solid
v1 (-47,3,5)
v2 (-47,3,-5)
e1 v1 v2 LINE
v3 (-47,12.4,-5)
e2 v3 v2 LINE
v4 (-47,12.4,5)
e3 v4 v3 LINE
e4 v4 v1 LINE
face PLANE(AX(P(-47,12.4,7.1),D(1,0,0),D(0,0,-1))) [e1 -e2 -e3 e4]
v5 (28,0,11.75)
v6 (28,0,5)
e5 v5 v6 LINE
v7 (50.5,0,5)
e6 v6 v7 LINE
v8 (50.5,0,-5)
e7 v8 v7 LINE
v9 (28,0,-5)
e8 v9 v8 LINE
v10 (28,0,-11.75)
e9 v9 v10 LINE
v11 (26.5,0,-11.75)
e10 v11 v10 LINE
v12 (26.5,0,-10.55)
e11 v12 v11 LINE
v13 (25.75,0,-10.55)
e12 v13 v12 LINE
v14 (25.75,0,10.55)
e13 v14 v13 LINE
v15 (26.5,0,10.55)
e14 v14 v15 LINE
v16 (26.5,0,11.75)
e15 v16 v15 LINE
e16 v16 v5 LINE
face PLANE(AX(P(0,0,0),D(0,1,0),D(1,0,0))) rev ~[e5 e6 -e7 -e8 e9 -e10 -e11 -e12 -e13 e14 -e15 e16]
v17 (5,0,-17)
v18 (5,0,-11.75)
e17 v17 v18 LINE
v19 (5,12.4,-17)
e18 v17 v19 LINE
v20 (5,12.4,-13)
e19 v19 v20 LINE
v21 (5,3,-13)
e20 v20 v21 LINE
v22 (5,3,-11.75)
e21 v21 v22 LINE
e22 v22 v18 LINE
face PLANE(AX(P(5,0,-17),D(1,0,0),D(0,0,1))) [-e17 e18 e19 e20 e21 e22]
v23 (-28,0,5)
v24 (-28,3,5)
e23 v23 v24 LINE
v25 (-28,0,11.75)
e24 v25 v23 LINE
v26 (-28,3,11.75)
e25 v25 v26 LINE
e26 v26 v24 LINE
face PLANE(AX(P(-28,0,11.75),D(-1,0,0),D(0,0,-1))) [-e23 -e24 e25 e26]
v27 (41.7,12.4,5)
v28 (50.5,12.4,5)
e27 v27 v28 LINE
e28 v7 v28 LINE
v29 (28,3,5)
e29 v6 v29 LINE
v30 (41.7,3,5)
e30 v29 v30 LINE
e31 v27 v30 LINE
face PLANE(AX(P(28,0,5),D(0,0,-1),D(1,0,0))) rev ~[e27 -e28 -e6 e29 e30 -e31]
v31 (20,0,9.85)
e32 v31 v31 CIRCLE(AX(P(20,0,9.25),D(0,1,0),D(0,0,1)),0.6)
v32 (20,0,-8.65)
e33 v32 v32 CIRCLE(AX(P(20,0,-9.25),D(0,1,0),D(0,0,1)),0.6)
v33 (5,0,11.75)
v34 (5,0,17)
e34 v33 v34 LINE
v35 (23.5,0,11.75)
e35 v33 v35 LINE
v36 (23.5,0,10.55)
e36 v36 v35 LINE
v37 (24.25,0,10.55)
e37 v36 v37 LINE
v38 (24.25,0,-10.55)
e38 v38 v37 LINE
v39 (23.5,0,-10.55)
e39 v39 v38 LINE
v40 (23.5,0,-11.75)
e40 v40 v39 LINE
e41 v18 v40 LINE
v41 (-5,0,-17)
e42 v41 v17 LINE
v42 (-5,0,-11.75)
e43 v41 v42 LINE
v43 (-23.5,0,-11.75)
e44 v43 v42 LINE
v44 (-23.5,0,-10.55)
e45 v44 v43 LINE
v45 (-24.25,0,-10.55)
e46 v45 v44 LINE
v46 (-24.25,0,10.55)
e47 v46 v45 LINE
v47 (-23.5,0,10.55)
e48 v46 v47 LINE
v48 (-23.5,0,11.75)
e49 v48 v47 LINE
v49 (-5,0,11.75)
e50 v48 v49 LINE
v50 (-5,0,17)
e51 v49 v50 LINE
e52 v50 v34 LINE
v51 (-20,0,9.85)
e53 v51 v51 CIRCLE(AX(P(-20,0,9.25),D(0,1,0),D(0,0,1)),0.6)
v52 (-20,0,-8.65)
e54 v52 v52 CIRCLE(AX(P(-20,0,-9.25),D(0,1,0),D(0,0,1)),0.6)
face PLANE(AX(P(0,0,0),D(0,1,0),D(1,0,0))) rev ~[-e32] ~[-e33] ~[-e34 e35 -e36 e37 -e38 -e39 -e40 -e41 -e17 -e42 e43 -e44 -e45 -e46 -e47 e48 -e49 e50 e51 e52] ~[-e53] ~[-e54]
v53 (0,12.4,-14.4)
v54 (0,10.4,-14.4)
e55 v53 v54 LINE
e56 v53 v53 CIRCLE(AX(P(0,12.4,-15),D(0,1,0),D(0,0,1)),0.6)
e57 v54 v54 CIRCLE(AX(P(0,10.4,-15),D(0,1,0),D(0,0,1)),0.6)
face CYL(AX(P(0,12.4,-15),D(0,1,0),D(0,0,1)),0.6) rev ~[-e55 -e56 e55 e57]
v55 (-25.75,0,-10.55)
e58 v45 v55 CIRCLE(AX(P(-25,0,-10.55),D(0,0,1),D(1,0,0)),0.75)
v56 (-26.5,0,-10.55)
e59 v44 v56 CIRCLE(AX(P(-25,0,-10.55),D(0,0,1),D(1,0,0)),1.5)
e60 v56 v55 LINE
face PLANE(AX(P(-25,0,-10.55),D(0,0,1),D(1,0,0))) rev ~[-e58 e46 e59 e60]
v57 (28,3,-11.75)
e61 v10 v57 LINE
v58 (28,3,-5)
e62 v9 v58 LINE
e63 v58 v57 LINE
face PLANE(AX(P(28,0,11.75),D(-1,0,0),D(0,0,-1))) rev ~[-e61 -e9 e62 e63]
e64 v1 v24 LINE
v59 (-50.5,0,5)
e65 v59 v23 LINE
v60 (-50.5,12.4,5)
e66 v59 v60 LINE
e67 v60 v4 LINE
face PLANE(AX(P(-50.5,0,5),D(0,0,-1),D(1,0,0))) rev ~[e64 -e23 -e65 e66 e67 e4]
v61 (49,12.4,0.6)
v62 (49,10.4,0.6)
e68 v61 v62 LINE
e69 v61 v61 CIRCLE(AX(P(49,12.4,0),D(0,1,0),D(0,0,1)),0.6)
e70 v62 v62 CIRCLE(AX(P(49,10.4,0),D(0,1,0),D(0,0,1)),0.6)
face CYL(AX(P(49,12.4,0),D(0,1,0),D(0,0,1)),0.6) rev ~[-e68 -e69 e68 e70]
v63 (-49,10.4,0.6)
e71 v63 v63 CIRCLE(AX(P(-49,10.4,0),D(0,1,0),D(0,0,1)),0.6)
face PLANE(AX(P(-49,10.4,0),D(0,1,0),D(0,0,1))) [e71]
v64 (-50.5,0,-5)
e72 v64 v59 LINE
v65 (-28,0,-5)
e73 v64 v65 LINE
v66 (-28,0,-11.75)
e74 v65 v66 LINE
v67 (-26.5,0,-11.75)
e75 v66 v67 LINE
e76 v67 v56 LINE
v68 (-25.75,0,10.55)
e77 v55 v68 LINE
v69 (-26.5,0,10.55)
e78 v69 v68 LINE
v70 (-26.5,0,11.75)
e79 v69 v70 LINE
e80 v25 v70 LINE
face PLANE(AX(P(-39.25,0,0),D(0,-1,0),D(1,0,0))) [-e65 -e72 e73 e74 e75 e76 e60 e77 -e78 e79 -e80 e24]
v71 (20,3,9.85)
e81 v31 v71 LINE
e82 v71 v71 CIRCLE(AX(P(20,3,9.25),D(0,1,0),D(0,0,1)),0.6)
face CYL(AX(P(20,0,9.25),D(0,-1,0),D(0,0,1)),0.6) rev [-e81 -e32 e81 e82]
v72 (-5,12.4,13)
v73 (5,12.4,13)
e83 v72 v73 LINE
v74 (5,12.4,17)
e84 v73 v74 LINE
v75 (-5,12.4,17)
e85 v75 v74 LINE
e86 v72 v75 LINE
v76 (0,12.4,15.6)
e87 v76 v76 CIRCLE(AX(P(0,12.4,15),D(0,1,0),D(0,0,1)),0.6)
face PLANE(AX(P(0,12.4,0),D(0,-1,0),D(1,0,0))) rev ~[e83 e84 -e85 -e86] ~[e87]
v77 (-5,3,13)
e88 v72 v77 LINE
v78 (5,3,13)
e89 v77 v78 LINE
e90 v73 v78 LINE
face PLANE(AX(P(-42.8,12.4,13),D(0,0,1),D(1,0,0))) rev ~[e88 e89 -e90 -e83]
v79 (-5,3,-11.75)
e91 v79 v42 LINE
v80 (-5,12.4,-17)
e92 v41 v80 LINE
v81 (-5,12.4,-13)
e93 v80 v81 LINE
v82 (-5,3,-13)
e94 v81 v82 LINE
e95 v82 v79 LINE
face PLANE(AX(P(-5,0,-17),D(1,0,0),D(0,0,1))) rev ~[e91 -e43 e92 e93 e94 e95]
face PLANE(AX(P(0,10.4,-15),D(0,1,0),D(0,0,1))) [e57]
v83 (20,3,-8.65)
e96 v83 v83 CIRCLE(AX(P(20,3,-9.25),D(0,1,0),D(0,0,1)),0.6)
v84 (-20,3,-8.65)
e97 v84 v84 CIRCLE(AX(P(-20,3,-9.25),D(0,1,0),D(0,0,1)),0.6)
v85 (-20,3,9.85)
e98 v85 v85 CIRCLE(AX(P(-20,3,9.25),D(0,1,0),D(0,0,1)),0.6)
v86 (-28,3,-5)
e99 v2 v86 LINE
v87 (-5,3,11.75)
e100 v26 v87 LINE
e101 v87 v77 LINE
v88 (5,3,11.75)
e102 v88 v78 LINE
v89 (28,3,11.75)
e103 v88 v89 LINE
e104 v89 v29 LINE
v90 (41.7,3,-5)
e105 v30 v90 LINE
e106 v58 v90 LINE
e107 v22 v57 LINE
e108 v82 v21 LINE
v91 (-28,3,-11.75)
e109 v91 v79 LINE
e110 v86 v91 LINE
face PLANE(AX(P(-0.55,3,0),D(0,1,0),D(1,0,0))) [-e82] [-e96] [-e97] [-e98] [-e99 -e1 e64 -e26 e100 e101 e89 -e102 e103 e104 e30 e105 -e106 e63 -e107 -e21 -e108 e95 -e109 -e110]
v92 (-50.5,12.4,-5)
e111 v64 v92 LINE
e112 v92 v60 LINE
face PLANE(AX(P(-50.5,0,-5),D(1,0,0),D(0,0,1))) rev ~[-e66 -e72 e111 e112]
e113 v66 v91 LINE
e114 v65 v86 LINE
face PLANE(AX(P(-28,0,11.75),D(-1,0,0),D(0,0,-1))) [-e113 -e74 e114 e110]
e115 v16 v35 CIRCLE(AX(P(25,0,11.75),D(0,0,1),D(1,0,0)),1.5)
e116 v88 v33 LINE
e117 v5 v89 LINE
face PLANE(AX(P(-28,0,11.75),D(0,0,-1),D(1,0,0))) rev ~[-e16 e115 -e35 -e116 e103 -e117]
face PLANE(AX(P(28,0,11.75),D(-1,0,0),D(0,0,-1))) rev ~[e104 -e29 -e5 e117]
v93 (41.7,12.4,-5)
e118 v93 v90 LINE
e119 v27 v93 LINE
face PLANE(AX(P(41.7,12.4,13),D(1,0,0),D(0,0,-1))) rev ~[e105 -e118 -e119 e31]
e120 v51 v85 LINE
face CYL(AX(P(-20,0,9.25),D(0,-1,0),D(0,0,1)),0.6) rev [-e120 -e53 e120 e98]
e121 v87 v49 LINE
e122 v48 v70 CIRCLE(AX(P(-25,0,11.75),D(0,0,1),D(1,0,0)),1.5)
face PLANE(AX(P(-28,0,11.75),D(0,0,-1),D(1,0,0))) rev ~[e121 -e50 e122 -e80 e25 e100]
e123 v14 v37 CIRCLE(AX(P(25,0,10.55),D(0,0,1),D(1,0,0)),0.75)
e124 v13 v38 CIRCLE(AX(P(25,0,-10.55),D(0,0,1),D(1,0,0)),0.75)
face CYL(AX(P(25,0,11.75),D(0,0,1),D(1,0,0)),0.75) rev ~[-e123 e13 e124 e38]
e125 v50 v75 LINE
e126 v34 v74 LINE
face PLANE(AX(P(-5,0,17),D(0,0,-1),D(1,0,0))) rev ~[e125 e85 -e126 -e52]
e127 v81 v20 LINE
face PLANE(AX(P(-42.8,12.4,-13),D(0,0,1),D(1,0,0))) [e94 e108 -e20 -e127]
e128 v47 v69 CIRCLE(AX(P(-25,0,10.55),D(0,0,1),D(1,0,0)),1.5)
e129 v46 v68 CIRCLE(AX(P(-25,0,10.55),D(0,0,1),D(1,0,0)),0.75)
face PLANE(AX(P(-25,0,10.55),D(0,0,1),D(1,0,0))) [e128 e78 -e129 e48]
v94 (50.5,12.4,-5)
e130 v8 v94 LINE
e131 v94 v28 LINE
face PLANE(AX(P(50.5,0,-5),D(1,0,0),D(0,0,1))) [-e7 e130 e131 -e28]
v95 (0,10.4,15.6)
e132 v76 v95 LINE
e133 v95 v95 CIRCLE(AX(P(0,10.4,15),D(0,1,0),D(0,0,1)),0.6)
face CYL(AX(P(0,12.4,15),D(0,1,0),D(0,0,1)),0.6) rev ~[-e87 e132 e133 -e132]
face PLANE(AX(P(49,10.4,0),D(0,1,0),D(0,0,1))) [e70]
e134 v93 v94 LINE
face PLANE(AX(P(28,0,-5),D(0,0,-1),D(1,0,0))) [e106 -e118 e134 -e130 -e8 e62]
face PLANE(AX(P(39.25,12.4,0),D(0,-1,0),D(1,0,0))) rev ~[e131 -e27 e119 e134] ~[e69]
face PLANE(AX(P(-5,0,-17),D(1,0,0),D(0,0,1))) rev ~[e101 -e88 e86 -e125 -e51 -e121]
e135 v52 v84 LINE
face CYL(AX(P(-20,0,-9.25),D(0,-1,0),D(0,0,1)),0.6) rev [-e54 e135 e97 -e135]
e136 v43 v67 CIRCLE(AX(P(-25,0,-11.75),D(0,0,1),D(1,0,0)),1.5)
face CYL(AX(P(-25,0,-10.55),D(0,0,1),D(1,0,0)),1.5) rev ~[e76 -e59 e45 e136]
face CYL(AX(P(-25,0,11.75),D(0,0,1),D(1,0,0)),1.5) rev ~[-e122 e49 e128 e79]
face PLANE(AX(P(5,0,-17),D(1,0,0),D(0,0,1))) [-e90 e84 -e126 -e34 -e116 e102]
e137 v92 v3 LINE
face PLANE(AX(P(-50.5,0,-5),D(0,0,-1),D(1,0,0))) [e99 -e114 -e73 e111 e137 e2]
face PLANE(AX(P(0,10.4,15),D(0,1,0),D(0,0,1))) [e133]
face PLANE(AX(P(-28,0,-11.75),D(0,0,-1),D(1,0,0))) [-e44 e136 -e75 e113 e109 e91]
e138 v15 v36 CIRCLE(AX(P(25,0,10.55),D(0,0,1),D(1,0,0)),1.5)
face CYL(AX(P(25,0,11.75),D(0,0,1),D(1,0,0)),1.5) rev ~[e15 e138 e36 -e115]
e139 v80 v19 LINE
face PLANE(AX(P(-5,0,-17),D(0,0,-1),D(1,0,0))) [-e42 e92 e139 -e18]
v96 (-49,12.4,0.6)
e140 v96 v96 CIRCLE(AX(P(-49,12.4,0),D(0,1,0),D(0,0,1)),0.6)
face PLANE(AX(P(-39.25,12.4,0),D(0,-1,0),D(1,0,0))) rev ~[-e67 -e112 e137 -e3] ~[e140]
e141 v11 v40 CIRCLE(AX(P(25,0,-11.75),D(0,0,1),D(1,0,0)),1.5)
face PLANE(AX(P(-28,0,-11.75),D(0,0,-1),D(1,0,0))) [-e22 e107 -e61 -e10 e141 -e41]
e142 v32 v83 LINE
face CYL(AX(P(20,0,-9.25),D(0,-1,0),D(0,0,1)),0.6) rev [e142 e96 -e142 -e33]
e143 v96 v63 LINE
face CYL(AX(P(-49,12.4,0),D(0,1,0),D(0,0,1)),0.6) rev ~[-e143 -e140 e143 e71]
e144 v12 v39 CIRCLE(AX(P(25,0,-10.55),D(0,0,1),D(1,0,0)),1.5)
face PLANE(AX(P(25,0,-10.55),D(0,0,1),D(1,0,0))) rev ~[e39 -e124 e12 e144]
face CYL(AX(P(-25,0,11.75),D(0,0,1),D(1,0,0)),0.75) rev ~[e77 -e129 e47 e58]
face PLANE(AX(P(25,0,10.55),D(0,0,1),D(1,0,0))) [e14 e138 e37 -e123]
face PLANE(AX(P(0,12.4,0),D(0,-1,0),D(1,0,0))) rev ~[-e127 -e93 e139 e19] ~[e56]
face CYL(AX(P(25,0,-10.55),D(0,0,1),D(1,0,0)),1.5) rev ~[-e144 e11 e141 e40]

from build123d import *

# Parameters (mm, degrees)
SKETCH_1_W          = 56
SKETCH_1_H          = 23.5
SKETCH_1_R          = 0.6
EXTRUDE_1_DEPTH     = 3
SKETCH_2_R          = 0.75
CUT_EXTRUDE_1_DEPTH = 37.67764987
SKETCH_2_3_R        = 1.5
SKETCH_2_3_R_2      = 0.75
CUT_EXTRUDE_2_DEPTH = 1.2
CUT_EXTRUDE_START   = -22.3
SKETCH_2_4_R        = 1.5
SKETCH_2_4_R_2      = 0.75
CUT_EXTRUDE_3_DEPTH = 1.2
SKETCH_3_W          = 22.5
SKETCH_3_H          = 10
SKETCH_3_W_2        = 10
SKETCH_3_H_2        = 34
EXTRUDE_2_DEPTH     = 12.4
SKETCH_4_R          = 0.6
CUT_EXTRUDE_4_DEPTH = 2
SKETCH_5_W          = 84.5
SKETCH_5_H          = 26
SKETCH_5_W_2        = 4.2
SKETCH_5_H_2        = 15.1
CUT_EXTRUDE_5_DEPTH = 9.4


with BuildPart() as part:
    # 草图1 → 凸台-拉伸1 (new body)
    with BuildSketch(Plane(origin=(0, 0, 0), x_dir=(1, 0, 0), z_dir=(0, 1, 0))):
        Rectangle(SKETCH_1_W, SKETCH_1_H)
        with Locations(Location((-20, 9.25, 0), (0, 0, 270))):
            Circle(SKETCH_1_R, mode=Mode.SUBTRACT)
        with Locations(Location((-20, -9.25, 0), (0, 0, 270))):
            Circle(SKETCH_1_R, mode=Mode.SUBTRACT)
        with Locations(Location((20, 9.25, 0), (0, 0, 270))):
            Circle(SKETCH_1_R, mode=Mode.SUBTRACT)
        with Locations(Location((20, -9.25, 0), (0, 0, 270))):
            Circle(SKETCH_1_R, mode=Mode.SUBTRACT)
    extrude(amount=EXTRUDE_1_DEPTH)

    # 草图2 → 切除-拉伸1 (cut, through all)
    with BuildSketch(Plane.XY.offset(11.75)):
        with Locations((-25, 0)):
            Circle(SKETCH_2_R)
        with Locations((25, 0)):
            Circle(SKETCH_2_R)
    extrude(amount=-CUT_EXTRUDE_1_DEPTH, mode=Mode.SUBTRACT)

    # 草图2<3> → 切除-拉伸2 (cut)
    # profile 1 of 2: a face of its own
    with BuildSketch(Plane.XY.offset(11.75)):
        with Locations((-25, 0)):
            Circle(SKETCH_2_3_R)
        with Locations((-25, 0)):
            Circle(SKETCH_2_3_R_2, mode=Mode.SUBTRACT)
    # profile 2 of 2: a face of its own
    with BuildSketch(Plane.XY.offset(11.75)):
        with Locations((25, 0)):
            Circle(SKETCH_2_3_R)
        with Locations((25, 0)):
            Circle(SKETCH_2_3_R_2, mode=Mode.SUBTRACT)
    extrude(amount=-CUT_EXTRUDE_2_DEPTH, mode=Mode.SUBTRACT)

    # 草图2<4> → 切除-拉伸3 (cut)
    # profile 1 of 2: a face of its own
    with BuildSketch(Plane.XY.offset(11.75).offset(CUT_EXTRUDE_START)):
        with Locations((-25, 0)):
            Circle(SKETCH_2_4_R)
        with Locations((-25, 0)):
            Circle(SKETCH_2_4_R_2, mode=Mode.SUBTRACT)
    # profile 2 of 2: a face of its own
    with BuildSketch(Plane.XY.offset(11.75).offset(CUT_EXTRUDE_START)):
        with Locations((25, 0)):
            Circle(SKETCH_2_4_R)
        with Locations((25, 0)):
            Circle(SKETCH_2_4_R_2, mode=Mode.SUBTRACT)
    extrude(amount=-CUT_EXTRUDE_3_DEPTH, mode=Mode.SUBTRACT)

    # 草图3 → 凸台-拉伸2 (add)
    with BuildSketch(Plane.XZ):
        with Locations((-39.25, 0)):
            Rectangle(SKETCH_3_W, SKETCH_3_H)
        with Locations((39.25, 0)):
            Rectangle(SKETCH_3_W, SKETCH_3_H)
        Rectangle(SKETCH_3_W_2, SKETCH_3_H_2)
    extrude(amount=-EXTRUDE_2_DEPTH)

    # 草图4 → 切除-拉伸4 (cut)
    with BuildSketch(Plane(origin=(0, 12.4, 0), x_dir=(1, 0, 0), z_dir=(0, 1, 0))):
        with Locations(Location((0, 15, 0), (0, 0, 270))):
            Circle(SKETCH_4_R)
        with Locations(Location((0, -15, 0), (0, 0, 270))):
            Circle(SKETCH_4_R)
        with Locations(Location((49, 0, 0), (0, 0, 270))):
            Circle(SKETCH_4_R)
        with Locations(Location((-49, 0, 0), (0, 0, 270))):
            Circle(SKETCH_4_R)
    extrude(amount=-CUT_EXTRUDE_4_DEPTH, mode=Mode.SUBTRACT)

    # 草图5 → 切除-拉伸5 (cut)
    with BuildSketch(Plane(origin=(0, 12.4, 0), x_dir=(1, 0, 0), z_dir=(0, 1, 0))):
        with Locations((-0.55, 0)):
            Rectangle(SKETCH_5_W, SKETCH_5_H)
        with Locations((-44.9, 0.45)):
            Rectangle(SKETCH_5_W_2, SKETCH_5_H_2)
    extrude(amount=-CUT_EXTRUDE_5_DEPTH, mode=Mode.SUBTRACT)


solid = part.part
